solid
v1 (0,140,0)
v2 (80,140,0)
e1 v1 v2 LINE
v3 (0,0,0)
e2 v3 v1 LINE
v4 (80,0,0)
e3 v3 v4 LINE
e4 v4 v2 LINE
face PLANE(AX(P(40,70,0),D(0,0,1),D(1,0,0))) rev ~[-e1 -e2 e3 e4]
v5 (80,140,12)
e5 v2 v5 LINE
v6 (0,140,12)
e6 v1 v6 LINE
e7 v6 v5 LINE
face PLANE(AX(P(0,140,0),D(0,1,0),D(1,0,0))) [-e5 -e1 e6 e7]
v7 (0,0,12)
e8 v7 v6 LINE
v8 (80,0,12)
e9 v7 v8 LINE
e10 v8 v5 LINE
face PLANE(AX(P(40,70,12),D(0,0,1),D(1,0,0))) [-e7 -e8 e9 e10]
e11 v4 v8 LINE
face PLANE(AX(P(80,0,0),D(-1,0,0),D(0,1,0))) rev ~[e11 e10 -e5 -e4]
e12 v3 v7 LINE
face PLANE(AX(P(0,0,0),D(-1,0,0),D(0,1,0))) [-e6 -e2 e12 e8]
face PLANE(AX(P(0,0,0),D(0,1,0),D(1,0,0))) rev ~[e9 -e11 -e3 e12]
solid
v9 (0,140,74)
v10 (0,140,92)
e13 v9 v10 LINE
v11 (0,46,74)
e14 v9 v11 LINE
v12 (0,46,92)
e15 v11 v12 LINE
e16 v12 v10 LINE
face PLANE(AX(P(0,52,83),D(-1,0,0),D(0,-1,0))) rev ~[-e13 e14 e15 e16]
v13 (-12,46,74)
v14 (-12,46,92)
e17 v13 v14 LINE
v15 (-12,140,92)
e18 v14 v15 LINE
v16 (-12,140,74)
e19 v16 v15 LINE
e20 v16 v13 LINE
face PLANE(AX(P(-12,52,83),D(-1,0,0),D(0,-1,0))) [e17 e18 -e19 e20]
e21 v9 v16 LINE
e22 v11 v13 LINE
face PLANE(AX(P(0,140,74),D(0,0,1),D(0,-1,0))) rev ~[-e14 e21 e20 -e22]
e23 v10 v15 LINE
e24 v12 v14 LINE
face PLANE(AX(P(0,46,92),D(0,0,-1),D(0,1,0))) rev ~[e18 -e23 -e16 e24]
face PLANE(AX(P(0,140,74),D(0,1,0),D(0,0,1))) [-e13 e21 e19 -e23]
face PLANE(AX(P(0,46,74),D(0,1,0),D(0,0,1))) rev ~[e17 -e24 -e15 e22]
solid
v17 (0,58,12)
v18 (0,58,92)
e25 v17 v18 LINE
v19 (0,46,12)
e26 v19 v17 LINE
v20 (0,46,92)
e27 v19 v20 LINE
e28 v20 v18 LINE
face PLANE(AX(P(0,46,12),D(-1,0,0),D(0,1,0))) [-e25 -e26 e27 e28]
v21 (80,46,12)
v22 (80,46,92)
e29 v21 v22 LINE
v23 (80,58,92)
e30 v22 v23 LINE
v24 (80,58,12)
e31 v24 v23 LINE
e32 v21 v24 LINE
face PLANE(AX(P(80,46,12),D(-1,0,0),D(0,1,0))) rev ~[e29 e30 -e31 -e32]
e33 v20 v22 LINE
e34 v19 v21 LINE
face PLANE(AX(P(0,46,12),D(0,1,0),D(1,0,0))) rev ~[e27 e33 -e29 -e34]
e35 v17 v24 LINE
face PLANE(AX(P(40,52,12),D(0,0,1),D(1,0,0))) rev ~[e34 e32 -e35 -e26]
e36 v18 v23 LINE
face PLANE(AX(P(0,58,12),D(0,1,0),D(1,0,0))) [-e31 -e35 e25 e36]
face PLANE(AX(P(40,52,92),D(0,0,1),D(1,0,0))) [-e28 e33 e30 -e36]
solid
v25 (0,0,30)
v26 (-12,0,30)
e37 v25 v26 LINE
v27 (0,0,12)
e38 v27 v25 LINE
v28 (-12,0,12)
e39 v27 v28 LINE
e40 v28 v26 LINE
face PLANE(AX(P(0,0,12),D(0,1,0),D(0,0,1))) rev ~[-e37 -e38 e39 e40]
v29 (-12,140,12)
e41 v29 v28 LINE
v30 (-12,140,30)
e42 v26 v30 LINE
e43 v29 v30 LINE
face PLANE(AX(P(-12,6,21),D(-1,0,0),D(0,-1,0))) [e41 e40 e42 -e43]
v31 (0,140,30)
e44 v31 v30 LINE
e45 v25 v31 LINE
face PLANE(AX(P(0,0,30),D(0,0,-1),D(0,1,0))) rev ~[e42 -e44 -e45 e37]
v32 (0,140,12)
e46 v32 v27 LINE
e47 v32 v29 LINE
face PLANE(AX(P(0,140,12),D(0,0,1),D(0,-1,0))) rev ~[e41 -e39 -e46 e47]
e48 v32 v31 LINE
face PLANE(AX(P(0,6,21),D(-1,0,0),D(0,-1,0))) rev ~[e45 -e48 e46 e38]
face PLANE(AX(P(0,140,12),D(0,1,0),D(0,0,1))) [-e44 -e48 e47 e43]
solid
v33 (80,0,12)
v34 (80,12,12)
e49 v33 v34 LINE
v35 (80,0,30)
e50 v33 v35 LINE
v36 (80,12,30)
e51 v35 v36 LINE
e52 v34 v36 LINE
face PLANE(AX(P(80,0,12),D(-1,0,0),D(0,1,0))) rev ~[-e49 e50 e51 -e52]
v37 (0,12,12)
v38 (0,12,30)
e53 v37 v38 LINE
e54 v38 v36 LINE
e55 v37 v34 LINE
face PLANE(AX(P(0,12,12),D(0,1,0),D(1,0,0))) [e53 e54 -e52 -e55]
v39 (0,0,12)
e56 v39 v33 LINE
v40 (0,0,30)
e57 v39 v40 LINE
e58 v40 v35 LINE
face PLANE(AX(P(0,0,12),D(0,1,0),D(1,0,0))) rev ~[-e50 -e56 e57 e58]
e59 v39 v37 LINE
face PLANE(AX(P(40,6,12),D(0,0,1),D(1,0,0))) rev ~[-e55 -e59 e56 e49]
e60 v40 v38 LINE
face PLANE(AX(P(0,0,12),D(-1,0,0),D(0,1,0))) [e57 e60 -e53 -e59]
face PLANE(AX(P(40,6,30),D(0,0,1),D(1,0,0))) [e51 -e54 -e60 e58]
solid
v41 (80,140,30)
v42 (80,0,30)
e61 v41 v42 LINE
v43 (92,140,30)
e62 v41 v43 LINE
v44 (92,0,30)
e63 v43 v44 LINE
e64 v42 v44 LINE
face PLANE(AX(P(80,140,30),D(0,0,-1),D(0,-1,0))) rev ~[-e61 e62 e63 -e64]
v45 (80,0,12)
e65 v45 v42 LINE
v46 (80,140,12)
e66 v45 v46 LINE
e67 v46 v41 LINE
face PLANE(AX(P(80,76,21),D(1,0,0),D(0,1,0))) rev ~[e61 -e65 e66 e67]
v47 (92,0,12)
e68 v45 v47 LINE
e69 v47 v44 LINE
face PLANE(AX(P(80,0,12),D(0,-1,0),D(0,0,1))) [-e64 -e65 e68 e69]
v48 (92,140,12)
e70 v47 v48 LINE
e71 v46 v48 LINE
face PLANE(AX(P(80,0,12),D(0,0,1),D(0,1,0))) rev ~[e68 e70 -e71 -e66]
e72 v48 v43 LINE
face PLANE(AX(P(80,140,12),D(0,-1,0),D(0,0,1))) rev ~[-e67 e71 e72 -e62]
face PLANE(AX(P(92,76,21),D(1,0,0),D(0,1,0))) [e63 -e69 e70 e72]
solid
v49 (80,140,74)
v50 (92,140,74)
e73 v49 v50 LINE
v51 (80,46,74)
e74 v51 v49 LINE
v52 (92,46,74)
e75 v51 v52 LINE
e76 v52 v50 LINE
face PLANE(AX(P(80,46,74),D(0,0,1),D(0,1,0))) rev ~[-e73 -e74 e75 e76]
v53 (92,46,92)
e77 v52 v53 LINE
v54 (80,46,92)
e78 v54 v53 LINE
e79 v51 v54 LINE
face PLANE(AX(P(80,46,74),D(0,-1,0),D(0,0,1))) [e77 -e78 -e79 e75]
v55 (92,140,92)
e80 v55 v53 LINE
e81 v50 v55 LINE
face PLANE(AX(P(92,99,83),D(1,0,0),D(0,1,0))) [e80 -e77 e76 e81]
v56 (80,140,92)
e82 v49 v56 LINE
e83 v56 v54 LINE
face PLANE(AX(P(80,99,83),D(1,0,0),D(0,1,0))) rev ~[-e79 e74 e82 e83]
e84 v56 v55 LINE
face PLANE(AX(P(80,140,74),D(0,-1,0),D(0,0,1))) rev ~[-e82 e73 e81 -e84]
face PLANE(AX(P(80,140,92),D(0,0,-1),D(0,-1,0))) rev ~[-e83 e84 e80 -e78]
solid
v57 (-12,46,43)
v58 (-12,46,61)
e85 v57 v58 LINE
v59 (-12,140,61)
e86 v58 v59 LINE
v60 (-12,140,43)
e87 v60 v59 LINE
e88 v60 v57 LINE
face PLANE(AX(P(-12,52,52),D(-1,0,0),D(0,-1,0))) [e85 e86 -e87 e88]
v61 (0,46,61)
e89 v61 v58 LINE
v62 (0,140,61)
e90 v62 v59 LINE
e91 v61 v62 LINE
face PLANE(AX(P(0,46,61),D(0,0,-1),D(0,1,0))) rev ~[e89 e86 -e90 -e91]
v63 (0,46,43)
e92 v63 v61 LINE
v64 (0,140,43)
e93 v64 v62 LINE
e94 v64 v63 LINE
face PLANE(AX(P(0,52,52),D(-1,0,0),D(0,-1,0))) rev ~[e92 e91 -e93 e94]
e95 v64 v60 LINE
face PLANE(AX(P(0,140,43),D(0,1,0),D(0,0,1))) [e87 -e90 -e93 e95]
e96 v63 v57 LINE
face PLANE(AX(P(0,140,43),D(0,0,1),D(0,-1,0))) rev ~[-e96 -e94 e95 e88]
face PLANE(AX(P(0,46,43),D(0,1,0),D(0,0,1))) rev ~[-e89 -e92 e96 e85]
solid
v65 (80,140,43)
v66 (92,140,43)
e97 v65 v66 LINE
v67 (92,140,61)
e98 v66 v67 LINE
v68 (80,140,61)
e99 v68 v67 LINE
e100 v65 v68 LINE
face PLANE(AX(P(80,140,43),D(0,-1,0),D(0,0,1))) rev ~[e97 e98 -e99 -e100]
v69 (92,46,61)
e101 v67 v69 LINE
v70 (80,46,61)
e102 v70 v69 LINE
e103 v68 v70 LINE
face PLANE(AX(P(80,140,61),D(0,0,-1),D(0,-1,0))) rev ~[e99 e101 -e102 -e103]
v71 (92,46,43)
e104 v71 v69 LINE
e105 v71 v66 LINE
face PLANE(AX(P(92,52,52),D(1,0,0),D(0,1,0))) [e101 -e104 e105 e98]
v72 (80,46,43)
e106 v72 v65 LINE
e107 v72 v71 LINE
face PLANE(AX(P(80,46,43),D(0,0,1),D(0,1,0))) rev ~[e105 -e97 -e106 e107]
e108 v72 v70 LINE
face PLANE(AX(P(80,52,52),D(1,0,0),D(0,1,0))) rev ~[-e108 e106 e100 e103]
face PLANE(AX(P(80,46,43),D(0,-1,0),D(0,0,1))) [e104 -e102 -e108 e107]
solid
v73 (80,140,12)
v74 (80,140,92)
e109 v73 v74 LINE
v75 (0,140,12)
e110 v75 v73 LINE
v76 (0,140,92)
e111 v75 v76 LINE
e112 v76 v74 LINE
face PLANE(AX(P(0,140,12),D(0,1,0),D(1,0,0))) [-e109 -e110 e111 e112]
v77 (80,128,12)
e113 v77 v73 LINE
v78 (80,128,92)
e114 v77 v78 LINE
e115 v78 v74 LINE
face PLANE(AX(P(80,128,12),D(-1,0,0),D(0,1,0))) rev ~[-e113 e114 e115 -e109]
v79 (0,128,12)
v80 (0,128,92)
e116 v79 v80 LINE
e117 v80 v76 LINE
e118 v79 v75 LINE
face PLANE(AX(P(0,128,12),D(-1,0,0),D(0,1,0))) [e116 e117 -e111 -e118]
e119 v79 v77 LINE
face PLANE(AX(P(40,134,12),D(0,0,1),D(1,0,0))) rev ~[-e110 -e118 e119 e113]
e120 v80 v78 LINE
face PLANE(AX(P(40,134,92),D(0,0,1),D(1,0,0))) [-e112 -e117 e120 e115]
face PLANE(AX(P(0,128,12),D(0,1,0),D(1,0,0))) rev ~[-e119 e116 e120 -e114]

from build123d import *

# Parameters (mm, degrees)
F0_W      = 80
F0_H      = 140
F1_DEPTH  = 12
F2_W      = 80
F2_H      = 12
F3_DEPTH  = 80
F4_DEPTH  = 18
F5_W      = 128
F5_H      = 18
F5_W_2    = 12
F6_DEPTH  = 12
F7_W      = 82
F7_H      = 18
F7_W_2    = 12
F8_DEPTH  = 12
F10_W     = 12
F10_H     = 18
F10_W_2   = 82
F9_W      = 12
F9_H      = 18
F9_W_2    = 128
F11_DEPTH = 12


with BuildPart() as f1:
    # F0 (on Top) → F1 (new body)
    with BuildSketch(Plane.XY):
        with Locations((40, 70)):
            Rectangle(F0_W, F0_H)
    extrude(amount=F1_DEPTH)


with BuildPart() as f3:
    # F2 (on face) → F3 (new body)
    with BuildSketch(Plane.XY.offset(12)):
        with Locations((40, 134)):
            Rectangle(F2_W, F2_H)
        with Locations((40, 52)):
            Rectangle(F2_W, F2_H)
    extrude(amount=F3_DEPTH)


with BuildPart() as f4:
    # F2 (on face) → F4 (new body)
    with BuildSketch(Plane.XY.offset(12)):
        with Locations((40, 6)):
            Rectangle(F2_W, F2_H)
    extrude(amount=F4_DEPTH)


with BuildPart() as f6:
    # F5 (on face) → F6 (new body)
    with BuildSketch(Plane.YZ.offset(80)):
        with Locations((76, 21)):
            Rectangle(F5_W, F5_H)
        with Locations((6, 21)):
            Rectangle(F5_W_2, F5_H)
    extrude(amount=F6_DEPTH)


with BuildPart() as f8:
    # F7 (on face) → F8 (new body)
    with BuildSketch(Plane.YZ.offset(80)):
        with Locations((99, 83)):
            Rectangle(F7_W, F7_H)
        with Locations((52, 83)):
            Rectangle(F7_W_2, F7_H)
        with Locations((52, 52)):
            Rectangle(F7_W_2, F7_H)
        with Locations((99, 52)):
            Rectangle(F7_W, F7_H)
    extrude(amount=F8_DEPTH)


with BuildPart() as f11:
    # F10 (on face) + F9 (on face) → F11 (new body)
    with BuildSketch(Plane(origin=(0, 0, 0), x_dir=(0, -1, 0), z_dir=(-1, 0, 0))):
        with Locations((-52, 83)):
            Rectangle(F10_W, F10_H)
        with Locations((-99, 83)):
            Rectangle(F10_W_2, F10_H)
        with Locations((-52, 52)):
            Rectangle(F10_W, F10_H)
        with Locations((-99, 52)):
            Rectangle(F10_W_2, F10_H)
    with BuildSketch(Plane(origin=(0, 0, 0), x_dir=(0, -1, 0), z_dir=(-1, 0, 0))):
        with Locations((-6, 21)):
            Rectangle(F9_W, F9_H)
        with Locations((-76, 21)):
            Rectangle(F9_W_2, F9_H)
    extrude(amount=F11_DEPTH)


solid = Compound([f1.part, f3.part, f4.part, f6.part, f8.part, f11.part])
